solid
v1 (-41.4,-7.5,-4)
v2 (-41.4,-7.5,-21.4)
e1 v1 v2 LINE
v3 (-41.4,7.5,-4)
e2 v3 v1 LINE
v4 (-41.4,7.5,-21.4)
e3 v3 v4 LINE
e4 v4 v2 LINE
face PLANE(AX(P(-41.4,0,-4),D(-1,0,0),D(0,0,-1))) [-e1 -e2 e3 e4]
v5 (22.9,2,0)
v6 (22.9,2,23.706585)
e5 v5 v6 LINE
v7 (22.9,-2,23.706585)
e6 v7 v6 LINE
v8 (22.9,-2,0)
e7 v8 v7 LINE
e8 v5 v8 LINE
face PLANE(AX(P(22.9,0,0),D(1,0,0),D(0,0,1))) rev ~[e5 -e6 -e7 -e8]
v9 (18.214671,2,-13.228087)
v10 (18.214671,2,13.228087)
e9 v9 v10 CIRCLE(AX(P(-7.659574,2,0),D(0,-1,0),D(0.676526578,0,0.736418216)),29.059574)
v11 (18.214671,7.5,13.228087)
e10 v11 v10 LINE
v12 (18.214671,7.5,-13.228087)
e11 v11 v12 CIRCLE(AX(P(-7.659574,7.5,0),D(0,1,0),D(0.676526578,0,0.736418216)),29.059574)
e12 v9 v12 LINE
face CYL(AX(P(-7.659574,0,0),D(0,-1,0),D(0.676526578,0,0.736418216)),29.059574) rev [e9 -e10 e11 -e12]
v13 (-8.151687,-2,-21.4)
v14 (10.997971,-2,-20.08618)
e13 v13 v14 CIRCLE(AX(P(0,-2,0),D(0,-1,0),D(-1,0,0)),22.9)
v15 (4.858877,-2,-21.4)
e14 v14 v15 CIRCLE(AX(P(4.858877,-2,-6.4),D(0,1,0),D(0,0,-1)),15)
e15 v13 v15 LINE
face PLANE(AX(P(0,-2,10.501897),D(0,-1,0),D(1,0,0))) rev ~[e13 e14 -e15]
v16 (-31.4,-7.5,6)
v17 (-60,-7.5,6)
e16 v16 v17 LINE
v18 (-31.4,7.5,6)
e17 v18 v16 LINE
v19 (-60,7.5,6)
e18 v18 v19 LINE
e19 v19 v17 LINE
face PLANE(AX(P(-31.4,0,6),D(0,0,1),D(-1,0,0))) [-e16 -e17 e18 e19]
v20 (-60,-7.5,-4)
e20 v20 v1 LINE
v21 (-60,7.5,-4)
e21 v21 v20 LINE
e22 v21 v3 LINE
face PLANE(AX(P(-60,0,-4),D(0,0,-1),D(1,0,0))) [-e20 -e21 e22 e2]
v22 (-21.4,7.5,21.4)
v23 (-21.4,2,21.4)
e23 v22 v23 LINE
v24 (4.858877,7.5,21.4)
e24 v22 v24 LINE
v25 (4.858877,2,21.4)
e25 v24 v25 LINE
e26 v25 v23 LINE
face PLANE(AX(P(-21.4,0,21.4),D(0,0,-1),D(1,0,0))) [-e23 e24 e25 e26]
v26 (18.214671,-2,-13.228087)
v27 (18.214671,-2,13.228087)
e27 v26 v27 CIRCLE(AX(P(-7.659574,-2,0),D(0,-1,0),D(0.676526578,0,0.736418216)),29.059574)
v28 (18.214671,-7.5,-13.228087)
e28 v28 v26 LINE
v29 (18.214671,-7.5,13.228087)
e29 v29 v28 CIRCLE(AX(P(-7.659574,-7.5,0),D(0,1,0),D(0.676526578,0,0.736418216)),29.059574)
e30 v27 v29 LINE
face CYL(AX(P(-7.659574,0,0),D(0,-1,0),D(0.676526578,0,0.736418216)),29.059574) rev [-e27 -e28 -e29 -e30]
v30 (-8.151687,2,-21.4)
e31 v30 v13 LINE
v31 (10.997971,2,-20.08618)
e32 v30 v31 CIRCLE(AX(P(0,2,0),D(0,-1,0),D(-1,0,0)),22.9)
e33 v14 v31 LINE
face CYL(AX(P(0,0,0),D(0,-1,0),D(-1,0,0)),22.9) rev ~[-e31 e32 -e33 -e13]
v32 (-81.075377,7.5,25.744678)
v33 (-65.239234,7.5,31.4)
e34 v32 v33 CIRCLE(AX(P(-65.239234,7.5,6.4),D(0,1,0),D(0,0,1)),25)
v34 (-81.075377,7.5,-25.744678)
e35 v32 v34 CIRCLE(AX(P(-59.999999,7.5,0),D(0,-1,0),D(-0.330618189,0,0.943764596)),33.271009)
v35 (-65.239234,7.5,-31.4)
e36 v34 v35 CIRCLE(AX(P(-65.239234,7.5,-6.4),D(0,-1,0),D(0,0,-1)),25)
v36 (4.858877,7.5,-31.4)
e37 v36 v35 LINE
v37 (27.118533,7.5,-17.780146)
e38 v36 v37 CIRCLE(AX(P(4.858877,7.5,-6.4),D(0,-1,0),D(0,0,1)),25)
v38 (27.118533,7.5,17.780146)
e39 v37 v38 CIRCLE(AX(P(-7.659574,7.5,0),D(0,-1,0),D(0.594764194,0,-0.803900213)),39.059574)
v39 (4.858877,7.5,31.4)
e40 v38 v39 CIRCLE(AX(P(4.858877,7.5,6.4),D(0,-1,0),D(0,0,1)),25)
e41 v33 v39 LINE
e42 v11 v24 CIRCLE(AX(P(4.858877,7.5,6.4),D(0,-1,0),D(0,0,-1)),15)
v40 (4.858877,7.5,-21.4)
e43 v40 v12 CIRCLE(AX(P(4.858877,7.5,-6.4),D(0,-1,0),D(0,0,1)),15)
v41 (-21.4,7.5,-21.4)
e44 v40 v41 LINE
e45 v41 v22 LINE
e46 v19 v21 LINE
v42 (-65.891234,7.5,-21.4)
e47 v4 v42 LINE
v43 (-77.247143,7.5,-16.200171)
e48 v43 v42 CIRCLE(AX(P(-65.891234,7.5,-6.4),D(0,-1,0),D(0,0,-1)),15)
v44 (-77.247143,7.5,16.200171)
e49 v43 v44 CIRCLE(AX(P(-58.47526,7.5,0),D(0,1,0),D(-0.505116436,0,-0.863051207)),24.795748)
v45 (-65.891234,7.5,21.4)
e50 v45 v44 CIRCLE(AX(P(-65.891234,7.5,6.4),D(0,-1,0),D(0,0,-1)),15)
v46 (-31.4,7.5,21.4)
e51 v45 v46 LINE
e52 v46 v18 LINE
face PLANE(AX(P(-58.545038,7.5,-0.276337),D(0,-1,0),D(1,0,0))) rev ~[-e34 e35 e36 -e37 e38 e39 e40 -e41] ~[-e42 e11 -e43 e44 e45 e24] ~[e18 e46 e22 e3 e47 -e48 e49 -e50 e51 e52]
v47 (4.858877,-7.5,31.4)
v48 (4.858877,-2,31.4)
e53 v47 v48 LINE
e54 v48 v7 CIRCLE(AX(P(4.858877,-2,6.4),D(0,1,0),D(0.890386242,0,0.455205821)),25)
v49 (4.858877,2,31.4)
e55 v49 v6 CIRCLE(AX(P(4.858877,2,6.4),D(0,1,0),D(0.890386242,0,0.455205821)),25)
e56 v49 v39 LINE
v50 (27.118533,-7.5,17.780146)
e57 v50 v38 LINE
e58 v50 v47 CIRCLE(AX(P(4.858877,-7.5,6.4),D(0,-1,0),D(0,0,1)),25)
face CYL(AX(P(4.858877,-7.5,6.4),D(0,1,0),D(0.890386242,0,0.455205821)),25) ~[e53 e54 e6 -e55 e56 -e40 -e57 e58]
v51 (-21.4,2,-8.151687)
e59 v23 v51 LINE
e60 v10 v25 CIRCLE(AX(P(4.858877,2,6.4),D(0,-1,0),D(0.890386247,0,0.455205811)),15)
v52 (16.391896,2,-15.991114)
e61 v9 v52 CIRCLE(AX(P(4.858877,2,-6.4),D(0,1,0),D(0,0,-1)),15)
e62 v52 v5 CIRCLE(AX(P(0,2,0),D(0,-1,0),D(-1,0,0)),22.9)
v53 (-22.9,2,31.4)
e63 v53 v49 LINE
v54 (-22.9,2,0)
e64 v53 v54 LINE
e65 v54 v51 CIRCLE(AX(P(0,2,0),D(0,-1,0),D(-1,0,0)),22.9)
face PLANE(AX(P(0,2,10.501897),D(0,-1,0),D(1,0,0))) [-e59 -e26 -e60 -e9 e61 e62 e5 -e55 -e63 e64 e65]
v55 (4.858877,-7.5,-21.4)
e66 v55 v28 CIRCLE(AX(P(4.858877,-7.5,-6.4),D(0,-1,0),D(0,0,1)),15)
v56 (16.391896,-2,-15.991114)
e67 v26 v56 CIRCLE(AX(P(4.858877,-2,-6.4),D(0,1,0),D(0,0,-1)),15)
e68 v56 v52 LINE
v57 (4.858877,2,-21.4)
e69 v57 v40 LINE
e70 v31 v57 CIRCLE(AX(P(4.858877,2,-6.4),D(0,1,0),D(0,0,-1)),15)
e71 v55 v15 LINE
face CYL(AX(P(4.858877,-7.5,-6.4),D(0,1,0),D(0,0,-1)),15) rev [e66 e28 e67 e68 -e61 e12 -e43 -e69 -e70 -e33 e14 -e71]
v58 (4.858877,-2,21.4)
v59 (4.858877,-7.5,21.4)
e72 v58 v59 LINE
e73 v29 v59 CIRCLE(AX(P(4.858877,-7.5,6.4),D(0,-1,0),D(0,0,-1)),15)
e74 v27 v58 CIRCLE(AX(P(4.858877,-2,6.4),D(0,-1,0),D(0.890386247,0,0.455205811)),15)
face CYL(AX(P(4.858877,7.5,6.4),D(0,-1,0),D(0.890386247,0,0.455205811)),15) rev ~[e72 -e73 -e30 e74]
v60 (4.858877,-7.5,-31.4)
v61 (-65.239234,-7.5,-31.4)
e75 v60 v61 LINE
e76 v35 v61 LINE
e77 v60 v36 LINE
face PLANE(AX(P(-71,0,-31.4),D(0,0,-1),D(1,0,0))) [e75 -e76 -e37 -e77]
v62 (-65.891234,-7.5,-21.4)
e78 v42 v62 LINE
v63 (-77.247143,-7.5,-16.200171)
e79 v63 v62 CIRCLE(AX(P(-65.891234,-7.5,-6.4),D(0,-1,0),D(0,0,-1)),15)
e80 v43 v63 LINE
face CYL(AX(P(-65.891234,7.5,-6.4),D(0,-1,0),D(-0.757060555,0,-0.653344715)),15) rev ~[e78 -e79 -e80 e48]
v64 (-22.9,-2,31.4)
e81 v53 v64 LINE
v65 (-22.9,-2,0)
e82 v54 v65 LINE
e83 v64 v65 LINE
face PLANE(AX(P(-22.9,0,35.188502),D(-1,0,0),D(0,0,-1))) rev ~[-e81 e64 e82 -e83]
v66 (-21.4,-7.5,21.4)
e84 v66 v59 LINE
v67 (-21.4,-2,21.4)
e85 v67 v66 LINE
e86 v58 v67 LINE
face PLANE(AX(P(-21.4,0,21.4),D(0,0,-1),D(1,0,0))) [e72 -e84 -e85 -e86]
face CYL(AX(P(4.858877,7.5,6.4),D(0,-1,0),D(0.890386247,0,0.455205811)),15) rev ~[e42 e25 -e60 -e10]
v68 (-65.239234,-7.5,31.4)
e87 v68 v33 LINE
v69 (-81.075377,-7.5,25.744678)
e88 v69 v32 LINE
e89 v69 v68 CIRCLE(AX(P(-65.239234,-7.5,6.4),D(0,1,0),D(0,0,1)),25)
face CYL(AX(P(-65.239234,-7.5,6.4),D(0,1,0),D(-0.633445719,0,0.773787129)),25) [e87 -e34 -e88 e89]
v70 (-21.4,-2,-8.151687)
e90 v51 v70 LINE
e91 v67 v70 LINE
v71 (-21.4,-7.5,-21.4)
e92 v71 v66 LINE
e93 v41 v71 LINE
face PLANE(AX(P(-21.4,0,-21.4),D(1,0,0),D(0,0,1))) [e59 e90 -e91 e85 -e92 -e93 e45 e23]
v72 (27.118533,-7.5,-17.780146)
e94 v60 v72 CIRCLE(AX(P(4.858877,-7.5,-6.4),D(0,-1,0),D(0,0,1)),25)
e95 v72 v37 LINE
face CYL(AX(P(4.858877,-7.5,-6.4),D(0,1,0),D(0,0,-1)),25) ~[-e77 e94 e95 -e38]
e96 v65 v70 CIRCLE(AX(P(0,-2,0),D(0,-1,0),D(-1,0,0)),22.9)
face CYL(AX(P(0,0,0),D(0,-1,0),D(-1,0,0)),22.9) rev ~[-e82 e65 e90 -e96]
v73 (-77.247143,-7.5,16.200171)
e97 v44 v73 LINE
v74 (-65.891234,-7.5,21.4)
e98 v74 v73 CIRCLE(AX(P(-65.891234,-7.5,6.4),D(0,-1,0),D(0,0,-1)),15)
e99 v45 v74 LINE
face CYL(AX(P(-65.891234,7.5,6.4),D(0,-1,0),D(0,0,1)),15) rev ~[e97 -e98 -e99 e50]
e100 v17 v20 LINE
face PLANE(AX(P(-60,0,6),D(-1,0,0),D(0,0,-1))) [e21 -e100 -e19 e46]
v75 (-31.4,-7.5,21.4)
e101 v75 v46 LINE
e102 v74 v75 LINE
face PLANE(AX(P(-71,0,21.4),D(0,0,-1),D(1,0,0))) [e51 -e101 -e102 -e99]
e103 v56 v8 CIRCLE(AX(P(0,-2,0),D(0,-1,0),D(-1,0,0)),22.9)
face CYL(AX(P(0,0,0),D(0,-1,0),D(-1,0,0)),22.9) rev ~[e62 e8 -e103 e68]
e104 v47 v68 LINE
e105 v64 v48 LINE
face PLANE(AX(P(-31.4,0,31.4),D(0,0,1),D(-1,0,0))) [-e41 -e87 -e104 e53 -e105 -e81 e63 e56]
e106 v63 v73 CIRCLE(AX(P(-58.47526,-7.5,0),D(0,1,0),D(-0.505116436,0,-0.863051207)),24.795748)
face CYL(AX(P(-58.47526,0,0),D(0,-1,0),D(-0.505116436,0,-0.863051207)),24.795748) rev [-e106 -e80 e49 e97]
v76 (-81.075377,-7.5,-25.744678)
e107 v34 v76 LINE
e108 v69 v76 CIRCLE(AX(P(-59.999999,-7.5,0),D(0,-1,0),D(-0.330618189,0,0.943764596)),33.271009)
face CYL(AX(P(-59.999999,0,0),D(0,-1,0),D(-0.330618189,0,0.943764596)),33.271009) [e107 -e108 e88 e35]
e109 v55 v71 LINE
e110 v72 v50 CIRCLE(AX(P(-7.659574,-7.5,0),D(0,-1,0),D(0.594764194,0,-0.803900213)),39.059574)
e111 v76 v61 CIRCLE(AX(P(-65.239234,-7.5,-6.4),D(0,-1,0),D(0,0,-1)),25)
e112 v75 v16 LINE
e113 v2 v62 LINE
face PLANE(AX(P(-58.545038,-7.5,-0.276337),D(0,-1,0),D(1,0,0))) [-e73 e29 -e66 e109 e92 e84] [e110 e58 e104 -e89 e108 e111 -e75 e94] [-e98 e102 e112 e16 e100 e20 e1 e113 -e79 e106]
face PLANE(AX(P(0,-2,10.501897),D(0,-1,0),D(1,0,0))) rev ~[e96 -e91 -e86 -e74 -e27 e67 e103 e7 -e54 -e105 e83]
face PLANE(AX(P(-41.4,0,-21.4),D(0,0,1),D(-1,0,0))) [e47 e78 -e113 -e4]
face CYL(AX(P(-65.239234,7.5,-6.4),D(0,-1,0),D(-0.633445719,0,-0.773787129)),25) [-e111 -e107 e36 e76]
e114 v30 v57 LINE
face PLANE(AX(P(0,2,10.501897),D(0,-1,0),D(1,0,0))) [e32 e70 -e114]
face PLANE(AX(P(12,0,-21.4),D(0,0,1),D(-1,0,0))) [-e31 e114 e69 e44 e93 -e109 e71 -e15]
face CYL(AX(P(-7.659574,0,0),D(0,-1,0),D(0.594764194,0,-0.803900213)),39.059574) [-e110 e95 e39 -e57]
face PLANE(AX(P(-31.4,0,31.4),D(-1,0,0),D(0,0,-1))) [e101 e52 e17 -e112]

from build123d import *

# Parameters (mm, degrees)
F1_DEPTH = 7.5
F3_DEPTH = 7.5
F4_R     = 15
F5_R     = 25
F7_DEPTH = 2


with BuildPart() as f1:
    # F0 (on Front) → F1 (new body, symmetric)
    with BuildSketch(Plane.XZ):
        with BuildLine():
            Line((15.571662, 31.4), (-31.4, 31.4))
            Line((-31.4, 31.4), (-31.4, -31.016811))
            ThreePointArc((-31.4, -31.016811), (-31.146187, -31.209444), (-30.890811, -31.4))
            Line((-30.890811, -31.4), (15.571662, -31.4))
            ThreePointArc((15.571662, -31.4), (31.4, 0), (15.571662, 31.4))
        make_face()
        with BuildLine():
            Line((-21.4, -21.4), (-21.4, 21.4))
            Line((-21.4, 21.4), (12, 21.4))
            ThreePointArc((12, 21.4), (21.4, 0), (12, -21.4))
            Line((12, -21.4), (-21.4, -21.4))
        make_face(mode=Mode.SUBTRACT)
        with BuildLine():
            ThreePointArc((-30.890811, -31.4), (-31.146187, -31.209444), (-31.4, -31.016811))
            Line((-31.4, -31.016811), (-31.4, -31.4))
            Line((-31.4, -31.4), (-30.890811, -31.4))
        make_face()
    extrude(amount=F1_DEPTH, both=True)

    # F2 (on Front) → F3 (join, symmetric)
    with BuildSketch(Plane.XZ):
        with BuildLine():
            ThreePointArc((-71, 31.4), (-93.271008, 0), (-71, -31.4))
            Line((-71, -31.4), (-31.4, -31.4))
            Line((-31.4, -31.4), (-31.4, 6))
            Line((-31.4, 6), (-60, 6))
            Line((-60, 6), (-60, -4))
            Line((-60, -4), (-41.4, -4))
            Line((-41.4, -4), (-41.4, -21.4))
            Line((-41.4, -21.4), (-71, -21.4))
            ThreePointArc((-71, -21.4), (-83.271008, 0), (-71, 21.4))
            Line((-71, 21.4), (-31.4, 21.4))
            Line((-31.4, 21.4), (-31.4, 31.4))
            Line((-31.4, 31.4), (-71, 31.4))
        make_face()
    extrude(amount=F3_DEPTH, both=True)

    # F4
    f4_edges = [f1.edges().sort_by_distance(p)[0] for p in [
        (-71, 0, 21.4),
        (-71, 0, -21.4),
        (12, 0, -21.4),
        (12, 0, 21.4),
    ]]
    fillet(f4_edges, radius=F4_R)

    # F5
    f5_edges = [f1.edges().sort_by_distance(p)[0] for p in [
        (-71, 0, 31.4),
        (-71, 0, -31.4),
        (15.571662, 0, -31.4),
        (15.571662, 0, 31.4),
    ]]
    fillet(f5_edges, radius=F5_R)

    # F6 (on Front) → F7 (cut, symmetric)
    with BuildSketch(Plane.XZ):
        with BuildLine():
            Line((-22.9, 35.188502), (-22.9, 0))
            ThreePointArc((-22.9, 0), (0, -22.9), (22.9, 0))
            Line((22.9, 0), (22.9, 35.188502))
            Line((22.9, 35.188502), (-22.9, 35.188502))
        make_face()
    extrude(amount=F7_DEPTH, both=True, mode=Mode.SUBTRACT)


solid = f1.part
